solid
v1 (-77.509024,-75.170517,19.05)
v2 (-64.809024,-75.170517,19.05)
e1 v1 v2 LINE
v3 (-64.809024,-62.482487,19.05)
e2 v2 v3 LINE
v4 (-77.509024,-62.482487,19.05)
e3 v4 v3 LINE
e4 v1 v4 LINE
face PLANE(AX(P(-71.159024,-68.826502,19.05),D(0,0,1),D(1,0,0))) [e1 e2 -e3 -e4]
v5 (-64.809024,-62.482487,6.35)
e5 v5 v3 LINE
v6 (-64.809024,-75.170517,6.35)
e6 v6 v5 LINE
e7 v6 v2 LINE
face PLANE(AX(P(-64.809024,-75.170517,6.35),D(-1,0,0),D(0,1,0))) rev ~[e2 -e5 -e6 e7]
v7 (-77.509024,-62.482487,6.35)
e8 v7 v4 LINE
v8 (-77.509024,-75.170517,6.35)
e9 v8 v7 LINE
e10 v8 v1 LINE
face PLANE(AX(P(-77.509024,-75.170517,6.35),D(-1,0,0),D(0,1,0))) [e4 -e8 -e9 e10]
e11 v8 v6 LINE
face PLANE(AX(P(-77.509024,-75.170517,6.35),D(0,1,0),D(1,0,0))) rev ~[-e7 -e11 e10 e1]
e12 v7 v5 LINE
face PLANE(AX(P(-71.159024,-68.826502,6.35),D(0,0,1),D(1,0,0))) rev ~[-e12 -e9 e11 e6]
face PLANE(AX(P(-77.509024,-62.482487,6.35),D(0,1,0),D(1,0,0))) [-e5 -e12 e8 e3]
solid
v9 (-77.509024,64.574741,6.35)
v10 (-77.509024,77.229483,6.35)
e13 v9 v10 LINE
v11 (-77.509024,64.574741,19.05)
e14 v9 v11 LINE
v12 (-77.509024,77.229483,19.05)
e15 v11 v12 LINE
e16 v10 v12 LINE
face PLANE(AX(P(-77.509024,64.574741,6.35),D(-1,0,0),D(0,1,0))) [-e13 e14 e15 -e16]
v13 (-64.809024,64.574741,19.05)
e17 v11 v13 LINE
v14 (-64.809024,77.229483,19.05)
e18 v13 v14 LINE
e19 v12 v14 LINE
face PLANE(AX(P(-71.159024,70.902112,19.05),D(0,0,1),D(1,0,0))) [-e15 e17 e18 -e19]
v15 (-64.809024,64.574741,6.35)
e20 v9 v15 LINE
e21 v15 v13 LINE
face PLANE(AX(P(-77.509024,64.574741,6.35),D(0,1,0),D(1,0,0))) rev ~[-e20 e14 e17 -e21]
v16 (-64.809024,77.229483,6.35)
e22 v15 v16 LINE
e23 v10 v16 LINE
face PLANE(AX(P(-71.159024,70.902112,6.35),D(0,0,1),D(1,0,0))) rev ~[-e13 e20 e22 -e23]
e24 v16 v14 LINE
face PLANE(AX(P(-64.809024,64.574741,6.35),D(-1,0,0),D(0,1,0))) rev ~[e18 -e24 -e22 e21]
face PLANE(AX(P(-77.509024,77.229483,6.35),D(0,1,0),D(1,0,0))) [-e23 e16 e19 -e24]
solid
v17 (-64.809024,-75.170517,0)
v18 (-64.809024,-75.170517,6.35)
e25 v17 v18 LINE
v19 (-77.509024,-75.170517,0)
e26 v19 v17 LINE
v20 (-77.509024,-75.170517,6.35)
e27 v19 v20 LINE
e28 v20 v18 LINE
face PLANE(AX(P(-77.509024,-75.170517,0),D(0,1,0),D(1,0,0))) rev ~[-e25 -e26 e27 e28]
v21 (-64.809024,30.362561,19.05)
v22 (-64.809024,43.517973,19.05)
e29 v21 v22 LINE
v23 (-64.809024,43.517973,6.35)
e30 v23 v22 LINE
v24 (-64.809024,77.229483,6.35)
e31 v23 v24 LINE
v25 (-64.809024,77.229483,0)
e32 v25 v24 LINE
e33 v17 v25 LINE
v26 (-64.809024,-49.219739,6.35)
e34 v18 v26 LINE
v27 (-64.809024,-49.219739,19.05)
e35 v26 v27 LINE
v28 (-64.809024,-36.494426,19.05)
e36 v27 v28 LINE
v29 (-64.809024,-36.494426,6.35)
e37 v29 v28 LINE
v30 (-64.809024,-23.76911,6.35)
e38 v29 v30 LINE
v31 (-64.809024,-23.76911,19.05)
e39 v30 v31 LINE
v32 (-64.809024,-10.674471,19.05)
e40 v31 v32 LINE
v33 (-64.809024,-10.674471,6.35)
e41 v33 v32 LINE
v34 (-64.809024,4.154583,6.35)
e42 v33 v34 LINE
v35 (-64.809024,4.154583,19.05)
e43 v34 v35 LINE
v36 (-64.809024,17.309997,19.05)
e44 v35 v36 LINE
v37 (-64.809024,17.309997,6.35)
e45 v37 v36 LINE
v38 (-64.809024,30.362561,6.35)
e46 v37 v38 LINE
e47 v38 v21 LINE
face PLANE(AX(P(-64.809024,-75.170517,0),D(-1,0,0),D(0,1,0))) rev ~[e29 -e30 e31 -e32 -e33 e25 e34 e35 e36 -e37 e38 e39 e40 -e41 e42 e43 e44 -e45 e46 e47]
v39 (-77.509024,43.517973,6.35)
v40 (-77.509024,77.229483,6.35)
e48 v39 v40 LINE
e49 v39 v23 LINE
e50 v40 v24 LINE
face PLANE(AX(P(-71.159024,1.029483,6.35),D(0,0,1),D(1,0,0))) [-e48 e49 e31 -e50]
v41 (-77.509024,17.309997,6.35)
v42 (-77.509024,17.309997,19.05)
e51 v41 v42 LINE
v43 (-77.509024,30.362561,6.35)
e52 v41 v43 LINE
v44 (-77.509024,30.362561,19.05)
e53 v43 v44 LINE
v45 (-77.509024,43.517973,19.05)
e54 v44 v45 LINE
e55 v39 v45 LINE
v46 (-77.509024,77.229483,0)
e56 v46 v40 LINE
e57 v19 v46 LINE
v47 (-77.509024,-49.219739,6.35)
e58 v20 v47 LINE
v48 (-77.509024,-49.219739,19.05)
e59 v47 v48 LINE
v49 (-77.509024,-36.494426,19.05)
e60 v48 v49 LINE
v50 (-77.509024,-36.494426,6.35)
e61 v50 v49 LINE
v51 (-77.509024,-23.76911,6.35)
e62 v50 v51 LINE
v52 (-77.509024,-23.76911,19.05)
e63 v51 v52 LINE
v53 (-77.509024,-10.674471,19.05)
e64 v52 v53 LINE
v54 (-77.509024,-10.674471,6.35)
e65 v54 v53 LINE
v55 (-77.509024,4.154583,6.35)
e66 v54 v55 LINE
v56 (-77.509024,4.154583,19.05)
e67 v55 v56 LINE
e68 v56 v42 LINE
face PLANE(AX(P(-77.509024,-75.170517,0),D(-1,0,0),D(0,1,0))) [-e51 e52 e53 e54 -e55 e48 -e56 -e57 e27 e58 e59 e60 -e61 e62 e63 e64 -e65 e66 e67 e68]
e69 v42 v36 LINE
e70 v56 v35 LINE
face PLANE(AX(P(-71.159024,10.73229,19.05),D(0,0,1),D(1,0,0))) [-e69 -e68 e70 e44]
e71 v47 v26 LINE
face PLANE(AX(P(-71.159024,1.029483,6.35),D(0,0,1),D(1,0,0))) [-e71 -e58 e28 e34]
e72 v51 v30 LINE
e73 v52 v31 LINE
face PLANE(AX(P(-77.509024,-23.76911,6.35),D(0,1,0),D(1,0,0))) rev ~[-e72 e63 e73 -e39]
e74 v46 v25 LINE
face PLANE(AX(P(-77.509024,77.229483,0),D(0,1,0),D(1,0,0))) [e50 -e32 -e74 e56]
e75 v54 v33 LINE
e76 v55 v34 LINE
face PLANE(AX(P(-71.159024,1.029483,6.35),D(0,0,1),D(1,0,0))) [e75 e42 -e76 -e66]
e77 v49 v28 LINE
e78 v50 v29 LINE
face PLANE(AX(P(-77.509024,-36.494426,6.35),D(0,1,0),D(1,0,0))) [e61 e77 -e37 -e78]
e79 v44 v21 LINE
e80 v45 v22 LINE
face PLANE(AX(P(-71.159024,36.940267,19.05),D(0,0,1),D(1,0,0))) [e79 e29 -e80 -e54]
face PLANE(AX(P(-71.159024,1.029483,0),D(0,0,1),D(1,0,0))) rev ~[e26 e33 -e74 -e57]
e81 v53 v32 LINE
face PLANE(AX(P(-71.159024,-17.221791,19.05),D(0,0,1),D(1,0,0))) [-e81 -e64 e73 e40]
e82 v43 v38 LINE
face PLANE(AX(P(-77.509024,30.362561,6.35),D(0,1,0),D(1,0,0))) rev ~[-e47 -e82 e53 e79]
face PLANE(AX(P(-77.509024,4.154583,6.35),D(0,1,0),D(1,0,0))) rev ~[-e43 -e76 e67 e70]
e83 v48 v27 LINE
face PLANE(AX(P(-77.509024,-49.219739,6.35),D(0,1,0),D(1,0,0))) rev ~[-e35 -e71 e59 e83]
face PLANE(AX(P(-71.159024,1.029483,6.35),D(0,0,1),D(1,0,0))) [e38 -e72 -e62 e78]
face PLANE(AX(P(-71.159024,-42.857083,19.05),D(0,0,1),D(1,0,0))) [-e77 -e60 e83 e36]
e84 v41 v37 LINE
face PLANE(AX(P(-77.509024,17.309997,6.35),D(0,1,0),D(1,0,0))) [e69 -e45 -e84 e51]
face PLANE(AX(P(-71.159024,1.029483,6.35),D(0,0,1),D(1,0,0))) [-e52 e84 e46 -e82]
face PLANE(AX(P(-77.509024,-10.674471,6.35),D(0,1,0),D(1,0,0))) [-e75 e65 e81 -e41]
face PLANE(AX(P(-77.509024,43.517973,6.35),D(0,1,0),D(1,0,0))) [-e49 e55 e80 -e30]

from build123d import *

# Parameters (mm, degrees)
F0_W     = 12.7
F0_H     = 152.4
F1_DEPTH = 6.35
F2_W     = 12.7115957439
F2_H     = 12.6547422051
F3_DEPTH = 12.7
F2_W_2   = 12.751204893
F2_W_3   = 12.7115929499
F2_W_4   = 12.6353409141
F2_W_5   = 12.5799756497
F2_W_6   = 12.2375227511
F2_W_7   = 12.5007666647
F2_W_8   = 12.7
F4_W     = 12.3231597245
F4_H     = 12.6880295575
F5_DEPTH = 12.7
F4_W_2   = 12.9681192338
F4_W_3   = 12.7036152408
F4_W_4   = 12.8452572972
F4_W_5   = 13.1434928626
F4_W_6   = 12.528244406
F4_W_7   = 11.9724087417
F4_W_8   = 12.7
F6_W     = 12.7
F6_H     = 13.0946394056
F6_H_2   = 13.1554147229
F6_H_3   = 13.1554119289
F6_H_4   = 12.7253122628
F7_DEPTH = 12.7


with BuildPart() as f1:
    # F0 (on Top) → F1 (new body)
    with BuildSketch(Plane.XY):
        with Locations((-71.159024334, 1.0294830322)):
            Rectangle(F0_W, F0_H)
    extrude(amount=F1_DEPTH)

    # F6 (on face) → F7 (join)
    with BuildSketch(Plane.XY.offset(6.35)):
        with Locations((-71.159024334, -17.2217907384)):
            Rectangle(F6_W, F6_H)
        with Locations((-71.159024334, 10.7322898693)):
            Rectangle(F6_W, F6_H_2)
        with Locations((-71.159024334, 36.9402673095)):
            Rectangle(F6_W, F6_H_3)
        with Locations((-71.159024334, -42.8570825607)):
            Rectangle(F6_W, F6_H_4)
    extrude(amount=F7_DEPTH)


with BuildPart() as f1b:
    # F0 (on Top) → F1, piece 2 (new body)
    with BuildSketch(Plane.XY):
        with Locations((-51.1211747468, 1.0294830322)):
            Rectangle(F0_W, F0_H)
    extrude(amount=F1_DEPTH)


with BuildPart() as f1c:
    # F0 (on Top) → F1, piece 3 (new body)
    with BuildSketch(Plane.XY):
        with Locations((-32.7470557928, 1.0294830322)):
            Rectangle(F0_W, F0_H)
    extrude(amount=F1_DEPTH)


with BuildPart() as f1d:
    # F0 (on Top) → F1, piece 4 (new body)
    with BuildSketch(Plane.XY):
        with Locations((-16.4686223328, 1.0294830322)):
            Rectangle(F0_W, F0_H)
    extrude(amount=F1_DEPTH)


with BuildPart() as f1e:
    # F0 (on Top) → F1, piece 5 (new body)
    with BuildSketch(Plane.XY):
        with Locations((6.35, 1.0294830322)):
            Rectangle(F0_W, F0_H)
    extrude(amount=F1_DEPTH)


with BuildPart() as f1f:
    # F0 (on Top) → F1, piece 6 (new body)
    with BuildSketch(Plane.XY):
        with Locations((25.6913216621, 1.0294830322)):
            Rectangle(F0_W, F0_H)
    extrude(amount=F1_DEPTH)


with BuildPart() as f1g:
    # F0 (on Top) → F1, piece 7 (new body)
    with BuildSketch(Plane.XY):
        with Locations((46.5542903006, 1.0294830322)):
            Rectangle(F0_W, F0_H)
    extrude(amount=F1_DEPTH)


with BuildPart() as f1h:
    # F0 (on Top) → F1, piece 8 (new body)
    with BuildSketch(Plane.XY):
        with Locations((68.2591391563, 1.0294830322)):
            Rectangle(F0_W, F0_H)
    extrude(amount=F1_DEPTH)


with BuildPart() as f3:
    # F2 (on face) → F3 (new body)
    with BuildSketch(Plane.XY.offset(6.35)):
        with Locations((-50.8954767138, 70.9021119297)):
            Rectangle(F2_W, F2_H)
    extrude(amount=F3_DEPTH)


with BuildPart() as f3b:
    # F2 (on face) → F3, piece 2 (new body)
    with BuildSketch(Plane.XY.offset(6.35)):
        with Locations((-32.5111793354, 70.9021119297)):
            Rectangle(F2_W_2, F2_H)
    extrude(amount=F3_DEPTH)


with BuildPart() as f3c:
    # F2 (on face) → F3, piece 3 (new body)
    with BuildSketch(Plane.XY.offset(6.35)):
        with Locations((-16.0371768288, 70.9021119297)):
            Rectangle(F2_W_3, F2_H)
    extrude(amount=F3_DEPTH)


with BuildPart() as f3d:
    # F2 (on face) → F3, piece 4 (new body)
    with BuildSketch(Plane.XY.offset(6.35)):
        with Locations((6.3176704571, 70.9021119297)):
            Rectangle(F2_W_4, F2_H)
    extrude(amount=F3_DEPTH)


with BuildPart() as f3e:
    # F2 (on face) → F3, piece 5 (new body)
    with BuildSketch(Plane.XY.offset(6.35)):
        with Locations((26.2380959466, 70.9021119297)):
            Rectangle(F2_W_5, F2_H)
    extrude(amount=F3_DEPTH)


with BuildPart() as f3f:
    # F2 (on face) → F3, piece 6 (new body)
    with BuildSketch(Plane.XY.offset(6.35)):
        with Locations((47.2374055535, 70.9021119297)):
            Rectangle(F2_W_6, F2_H)
    extrude(amount=F3_DEPTH)


with BuildPart() as f3g:
    # F2 (on face) → F3, piece 7 (new body)
    with BuildSketch(Plane.XY.offset(6.35)):
        with Locations((68.3683436364, 70.9021119297)):
            Rectangle(F2_W_7, F2_H)
    extrude(amount=F3_DEPTH)


with BuildPart() as f3h:
    # F2 (on face) → F3, piece 8 (new body)
    with BuildSketch(Plane.XY.offset(6.35)):
        with Locations((-71.159024334, 70.9021119297)):
            Rectangle(F2_W_8, F2_H)
    extrude(amount=F3_DEPTH)


with BuildPart() as f5:
    # F4 (on face) → F5 (new body)
    with BuildSketch(Plane.XY.offset(6.35)):
        with Locations((-51.4552425593, -68.826502189)):
            Rectangle(F4_W, F4_H)
    extrude(amount=F5_DEPTH)


with BuildPart() as f5b:
    # F4 (on face) → F5, piece 2 (new body)
    with BuildSketch(Plane.XY.offset(6.35)):
        with Locations((-32.7577721328, -68.826502189)):
            Rectangle(F4_W_2, F4_H)
    extrude(amount=F5_DEPTH)


with BuildPart() as f5c:
    # F4 (on face) → F5, piece 3 (new body)
    with BuildSketch(Plane.XY.offset(6.35)):
        with Locations((-16.3876046427, -68.826502189)):
            Rectangle(F4_W_3, F4_H)
    extrude(amount=F5_DEPTH)


with BuildPart() as f5d:
    # F4 (on face) → F5, piece 4 (new body)
    with BuildSketch(Plane.XY.offset(6.35)):
        with Locations((6.4226286486, -68.826502189)):
            Rectangle(F4_W_4, F4_H)
    extrude(amount=F5_DEPTH)


with BuildPart() as f5e:
    # F4 (on face) → F5, piece 5 (new body)
    with BuildSketch(Plane.XY.offset(6.35)):
        with Locations((25.6442101672, -68.826502189)):
            Rectangle(F4_W_5, F4_H)
    extrude(amount=F5_DEPTH)


with BuildPart() as f5f:
    # F4 (on face) → F5, piece 6 (new body)
    with BuildSketch(Plane.XY.offset(6.35)):
        with Locations((46.3153552264, -68.826502189)):
            Rectangle(F4_W_6, F4_H)
    extrude(amount=F5_DEPTH)


with BuildPart() as f5g:
    # F4 (on face) → F5, piece 7 (new body)
    with BuildSketch(Plane.XY.offset(6.35)):
        with Locations((68.3626625687, -68.826502189)):
            Rectangle(F4_W_7, F4_H)
    extrude(amount=F5_DEPTH)


with BuildPart() as f5h:
    # F4 (on face) → F5, piece 8 (new body)
    with BuildSketch(Plane.XY.offset(6.35)):
        with Locations((-71.159024334, -68.826502189)):
            Rectangle(F4_W_8, F4_H)
    extrude(amount=F5_DEPTH)


solid = Compound([f1.part, f3h.part, f5h.part])
